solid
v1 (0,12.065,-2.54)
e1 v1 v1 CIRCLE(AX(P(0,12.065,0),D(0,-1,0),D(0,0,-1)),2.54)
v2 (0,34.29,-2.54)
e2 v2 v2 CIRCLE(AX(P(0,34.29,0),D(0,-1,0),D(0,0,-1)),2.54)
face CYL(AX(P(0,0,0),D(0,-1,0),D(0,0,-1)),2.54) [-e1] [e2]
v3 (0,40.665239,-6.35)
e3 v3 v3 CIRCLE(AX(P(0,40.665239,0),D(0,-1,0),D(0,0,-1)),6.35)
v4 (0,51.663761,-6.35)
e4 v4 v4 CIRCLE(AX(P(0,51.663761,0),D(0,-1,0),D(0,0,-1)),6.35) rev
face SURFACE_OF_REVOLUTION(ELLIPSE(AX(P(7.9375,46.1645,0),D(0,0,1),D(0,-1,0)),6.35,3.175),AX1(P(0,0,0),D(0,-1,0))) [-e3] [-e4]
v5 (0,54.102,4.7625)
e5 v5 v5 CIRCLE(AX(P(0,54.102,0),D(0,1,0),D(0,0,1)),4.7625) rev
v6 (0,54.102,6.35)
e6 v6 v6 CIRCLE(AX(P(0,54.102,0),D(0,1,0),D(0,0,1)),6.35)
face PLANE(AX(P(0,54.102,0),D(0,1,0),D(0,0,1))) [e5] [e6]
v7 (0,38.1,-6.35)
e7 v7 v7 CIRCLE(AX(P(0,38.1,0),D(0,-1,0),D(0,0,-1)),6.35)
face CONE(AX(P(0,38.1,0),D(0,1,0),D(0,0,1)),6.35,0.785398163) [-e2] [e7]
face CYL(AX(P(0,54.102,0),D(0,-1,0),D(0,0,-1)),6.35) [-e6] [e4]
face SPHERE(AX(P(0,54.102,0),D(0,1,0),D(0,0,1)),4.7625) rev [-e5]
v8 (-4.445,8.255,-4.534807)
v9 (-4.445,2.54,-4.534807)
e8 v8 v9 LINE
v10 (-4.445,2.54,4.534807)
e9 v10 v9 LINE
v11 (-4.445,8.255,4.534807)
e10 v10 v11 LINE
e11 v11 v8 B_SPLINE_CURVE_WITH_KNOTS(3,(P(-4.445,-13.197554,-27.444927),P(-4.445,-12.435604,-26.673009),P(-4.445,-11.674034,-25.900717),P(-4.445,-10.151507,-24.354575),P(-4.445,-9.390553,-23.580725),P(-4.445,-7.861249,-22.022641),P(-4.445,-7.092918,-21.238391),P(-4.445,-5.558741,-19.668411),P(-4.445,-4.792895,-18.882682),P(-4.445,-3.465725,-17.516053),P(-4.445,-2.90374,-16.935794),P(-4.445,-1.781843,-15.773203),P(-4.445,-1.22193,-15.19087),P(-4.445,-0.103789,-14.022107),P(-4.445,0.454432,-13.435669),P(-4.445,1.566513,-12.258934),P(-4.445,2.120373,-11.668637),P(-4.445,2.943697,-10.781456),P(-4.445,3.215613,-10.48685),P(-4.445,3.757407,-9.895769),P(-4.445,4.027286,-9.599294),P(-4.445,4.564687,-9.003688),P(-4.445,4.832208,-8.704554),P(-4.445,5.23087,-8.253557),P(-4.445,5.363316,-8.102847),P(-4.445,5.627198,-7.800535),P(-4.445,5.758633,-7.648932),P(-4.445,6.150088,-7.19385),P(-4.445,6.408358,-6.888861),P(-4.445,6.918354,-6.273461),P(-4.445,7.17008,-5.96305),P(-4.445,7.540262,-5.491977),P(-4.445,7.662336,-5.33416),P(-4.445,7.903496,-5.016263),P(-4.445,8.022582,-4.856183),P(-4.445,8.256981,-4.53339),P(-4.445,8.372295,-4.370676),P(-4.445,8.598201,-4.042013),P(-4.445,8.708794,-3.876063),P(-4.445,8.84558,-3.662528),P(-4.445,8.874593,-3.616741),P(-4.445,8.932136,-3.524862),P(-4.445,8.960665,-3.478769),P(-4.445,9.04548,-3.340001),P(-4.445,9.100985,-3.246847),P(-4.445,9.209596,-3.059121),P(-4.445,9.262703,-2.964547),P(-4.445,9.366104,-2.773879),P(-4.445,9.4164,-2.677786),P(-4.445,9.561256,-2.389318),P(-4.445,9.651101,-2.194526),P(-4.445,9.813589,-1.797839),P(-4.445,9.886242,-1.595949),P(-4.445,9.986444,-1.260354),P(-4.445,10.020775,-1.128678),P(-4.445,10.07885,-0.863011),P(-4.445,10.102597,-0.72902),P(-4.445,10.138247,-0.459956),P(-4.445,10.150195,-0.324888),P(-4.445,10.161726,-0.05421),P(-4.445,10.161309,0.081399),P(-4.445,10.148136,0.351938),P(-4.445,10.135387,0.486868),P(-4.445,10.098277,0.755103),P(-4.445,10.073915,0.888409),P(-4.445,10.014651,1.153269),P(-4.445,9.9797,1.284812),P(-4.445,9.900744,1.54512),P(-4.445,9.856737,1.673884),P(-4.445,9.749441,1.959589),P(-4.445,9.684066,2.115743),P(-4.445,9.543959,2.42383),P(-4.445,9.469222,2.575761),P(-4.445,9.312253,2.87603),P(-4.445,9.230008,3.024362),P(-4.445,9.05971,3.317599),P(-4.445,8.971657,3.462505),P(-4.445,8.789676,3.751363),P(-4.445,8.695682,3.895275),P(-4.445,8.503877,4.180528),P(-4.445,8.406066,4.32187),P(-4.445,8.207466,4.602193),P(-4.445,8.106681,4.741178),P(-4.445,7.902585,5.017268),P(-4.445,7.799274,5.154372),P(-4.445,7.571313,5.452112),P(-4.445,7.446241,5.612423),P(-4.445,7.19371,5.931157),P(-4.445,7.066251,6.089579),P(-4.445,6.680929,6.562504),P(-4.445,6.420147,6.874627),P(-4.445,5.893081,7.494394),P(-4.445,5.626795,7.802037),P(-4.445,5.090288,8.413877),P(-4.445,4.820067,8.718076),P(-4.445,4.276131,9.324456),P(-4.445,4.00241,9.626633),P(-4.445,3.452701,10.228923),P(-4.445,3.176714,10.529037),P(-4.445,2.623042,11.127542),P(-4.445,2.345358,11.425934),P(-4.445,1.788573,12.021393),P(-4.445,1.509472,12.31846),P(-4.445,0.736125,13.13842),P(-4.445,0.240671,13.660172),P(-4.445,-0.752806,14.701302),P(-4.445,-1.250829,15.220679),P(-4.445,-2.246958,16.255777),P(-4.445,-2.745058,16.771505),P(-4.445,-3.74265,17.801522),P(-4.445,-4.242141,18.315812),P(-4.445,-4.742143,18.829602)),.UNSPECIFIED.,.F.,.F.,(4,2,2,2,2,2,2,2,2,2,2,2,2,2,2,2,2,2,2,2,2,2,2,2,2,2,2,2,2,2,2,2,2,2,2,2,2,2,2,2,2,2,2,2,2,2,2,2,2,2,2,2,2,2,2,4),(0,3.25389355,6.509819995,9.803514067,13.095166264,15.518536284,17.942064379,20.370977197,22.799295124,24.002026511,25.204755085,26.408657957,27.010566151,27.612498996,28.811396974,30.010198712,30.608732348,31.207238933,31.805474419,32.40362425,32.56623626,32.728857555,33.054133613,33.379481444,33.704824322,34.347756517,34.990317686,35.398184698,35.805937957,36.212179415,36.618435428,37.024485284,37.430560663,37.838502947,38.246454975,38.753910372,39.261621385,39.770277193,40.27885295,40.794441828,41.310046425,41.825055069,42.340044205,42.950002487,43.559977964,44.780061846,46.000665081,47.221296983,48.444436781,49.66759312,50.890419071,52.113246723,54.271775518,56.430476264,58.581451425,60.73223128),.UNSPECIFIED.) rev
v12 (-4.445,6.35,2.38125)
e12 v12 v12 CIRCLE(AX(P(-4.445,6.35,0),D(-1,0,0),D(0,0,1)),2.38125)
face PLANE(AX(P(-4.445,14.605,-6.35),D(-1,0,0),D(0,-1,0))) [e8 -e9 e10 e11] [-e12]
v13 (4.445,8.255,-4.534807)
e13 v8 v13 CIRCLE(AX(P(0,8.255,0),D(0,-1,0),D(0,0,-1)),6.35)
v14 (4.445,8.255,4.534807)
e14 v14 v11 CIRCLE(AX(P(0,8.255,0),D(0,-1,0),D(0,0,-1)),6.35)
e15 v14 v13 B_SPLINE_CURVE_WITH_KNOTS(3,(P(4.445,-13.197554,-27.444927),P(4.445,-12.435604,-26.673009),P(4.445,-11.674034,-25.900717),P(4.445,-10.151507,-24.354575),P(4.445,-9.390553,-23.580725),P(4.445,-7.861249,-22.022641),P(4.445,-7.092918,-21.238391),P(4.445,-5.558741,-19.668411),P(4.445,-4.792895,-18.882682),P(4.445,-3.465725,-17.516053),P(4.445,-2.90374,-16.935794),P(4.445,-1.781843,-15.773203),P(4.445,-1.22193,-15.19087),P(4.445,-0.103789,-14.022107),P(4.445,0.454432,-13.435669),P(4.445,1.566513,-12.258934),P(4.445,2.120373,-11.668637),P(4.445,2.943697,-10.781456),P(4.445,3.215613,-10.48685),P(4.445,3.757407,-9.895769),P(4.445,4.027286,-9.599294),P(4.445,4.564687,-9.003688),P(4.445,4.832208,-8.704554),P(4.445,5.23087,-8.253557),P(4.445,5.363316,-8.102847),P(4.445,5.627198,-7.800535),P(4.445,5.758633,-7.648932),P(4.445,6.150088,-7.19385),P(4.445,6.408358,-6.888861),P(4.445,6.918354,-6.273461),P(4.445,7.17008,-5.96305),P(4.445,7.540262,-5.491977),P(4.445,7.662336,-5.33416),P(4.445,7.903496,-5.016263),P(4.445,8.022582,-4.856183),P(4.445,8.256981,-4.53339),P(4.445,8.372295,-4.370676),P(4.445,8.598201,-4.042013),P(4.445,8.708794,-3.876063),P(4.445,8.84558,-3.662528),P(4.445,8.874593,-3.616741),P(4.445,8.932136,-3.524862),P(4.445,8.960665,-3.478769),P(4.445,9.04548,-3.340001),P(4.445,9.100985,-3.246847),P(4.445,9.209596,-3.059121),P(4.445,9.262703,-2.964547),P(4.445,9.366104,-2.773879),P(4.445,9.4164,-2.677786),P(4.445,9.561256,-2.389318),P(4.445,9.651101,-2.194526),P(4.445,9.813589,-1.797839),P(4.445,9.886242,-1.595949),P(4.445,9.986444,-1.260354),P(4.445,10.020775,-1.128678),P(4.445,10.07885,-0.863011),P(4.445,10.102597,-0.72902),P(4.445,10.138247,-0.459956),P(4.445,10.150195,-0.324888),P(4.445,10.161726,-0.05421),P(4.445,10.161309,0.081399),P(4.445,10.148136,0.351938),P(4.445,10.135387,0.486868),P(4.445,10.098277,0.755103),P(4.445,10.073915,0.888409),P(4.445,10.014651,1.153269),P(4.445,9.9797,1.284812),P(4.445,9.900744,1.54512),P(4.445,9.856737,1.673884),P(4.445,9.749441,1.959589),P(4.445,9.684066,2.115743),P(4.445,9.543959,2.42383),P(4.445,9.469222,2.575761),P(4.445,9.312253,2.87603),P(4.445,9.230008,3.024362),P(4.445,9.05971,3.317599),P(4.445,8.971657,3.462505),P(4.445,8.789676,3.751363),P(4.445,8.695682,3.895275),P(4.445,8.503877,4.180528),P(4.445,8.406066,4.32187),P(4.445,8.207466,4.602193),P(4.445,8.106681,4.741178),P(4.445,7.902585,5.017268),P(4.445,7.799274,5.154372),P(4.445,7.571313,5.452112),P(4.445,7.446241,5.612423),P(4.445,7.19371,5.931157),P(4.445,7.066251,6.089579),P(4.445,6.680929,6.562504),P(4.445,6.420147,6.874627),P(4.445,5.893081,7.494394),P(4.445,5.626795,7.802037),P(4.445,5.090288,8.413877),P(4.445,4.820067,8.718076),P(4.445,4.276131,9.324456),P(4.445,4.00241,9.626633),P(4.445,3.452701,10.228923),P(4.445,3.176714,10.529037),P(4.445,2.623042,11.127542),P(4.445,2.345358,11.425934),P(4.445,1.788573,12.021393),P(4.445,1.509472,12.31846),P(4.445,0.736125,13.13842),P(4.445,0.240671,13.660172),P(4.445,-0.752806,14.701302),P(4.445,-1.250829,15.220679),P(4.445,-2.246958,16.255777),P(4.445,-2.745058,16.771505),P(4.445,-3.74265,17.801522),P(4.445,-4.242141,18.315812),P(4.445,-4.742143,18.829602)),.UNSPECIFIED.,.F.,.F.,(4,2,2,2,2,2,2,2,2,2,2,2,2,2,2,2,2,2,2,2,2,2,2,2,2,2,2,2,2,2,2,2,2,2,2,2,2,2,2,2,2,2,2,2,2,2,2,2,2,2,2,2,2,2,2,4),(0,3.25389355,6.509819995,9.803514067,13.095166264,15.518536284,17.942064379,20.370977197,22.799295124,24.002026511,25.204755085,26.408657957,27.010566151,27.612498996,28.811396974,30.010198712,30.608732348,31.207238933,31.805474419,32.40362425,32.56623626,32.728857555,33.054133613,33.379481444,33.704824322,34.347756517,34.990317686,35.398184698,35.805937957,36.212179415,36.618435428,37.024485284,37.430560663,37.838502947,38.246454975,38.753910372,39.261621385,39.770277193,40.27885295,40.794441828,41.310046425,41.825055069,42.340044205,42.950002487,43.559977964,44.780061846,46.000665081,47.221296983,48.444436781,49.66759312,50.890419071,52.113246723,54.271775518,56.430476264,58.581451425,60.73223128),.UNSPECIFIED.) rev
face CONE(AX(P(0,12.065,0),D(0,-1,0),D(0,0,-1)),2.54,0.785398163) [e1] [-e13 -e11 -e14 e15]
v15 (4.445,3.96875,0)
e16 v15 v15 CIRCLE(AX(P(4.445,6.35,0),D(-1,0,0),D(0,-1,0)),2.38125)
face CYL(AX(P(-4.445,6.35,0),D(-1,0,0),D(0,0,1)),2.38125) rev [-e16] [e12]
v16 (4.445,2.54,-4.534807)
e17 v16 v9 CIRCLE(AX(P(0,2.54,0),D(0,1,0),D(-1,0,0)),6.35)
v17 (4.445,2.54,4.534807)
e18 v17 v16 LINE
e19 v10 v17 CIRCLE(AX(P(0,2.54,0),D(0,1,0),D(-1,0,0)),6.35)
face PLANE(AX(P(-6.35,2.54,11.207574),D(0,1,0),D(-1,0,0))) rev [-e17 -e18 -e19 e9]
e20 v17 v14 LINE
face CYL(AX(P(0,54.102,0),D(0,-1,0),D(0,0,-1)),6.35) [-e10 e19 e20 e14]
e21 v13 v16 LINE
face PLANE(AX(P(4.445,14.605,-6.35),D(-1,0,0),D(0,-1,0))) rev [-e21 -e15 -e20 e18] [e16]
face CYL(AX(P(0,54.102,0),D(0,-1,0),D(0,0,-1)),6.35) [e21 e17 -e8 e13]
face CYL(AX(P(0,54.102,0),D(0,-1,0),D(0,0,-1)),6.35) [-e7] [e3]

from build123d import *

# Parameters (mm, degrees)
SKETCH1_R                      = 6.35
BOSS_EXTRUDE1_DEPTH            = 54.102
SKETCH3_W                      = 6.35
SKETCH3_H                      = 14.605
CUT_EXTRUDE1_DEPTH             = 55.842241056
F_3_16_0_1875_DIAMETER_HOLE1_D = 4.7625
SKETCH7_RX                     = 6.35
SKETCH7_RY                     = 3.175
CUT_EXTRUDE2_DEPTH             = 56.532701566
CUT_EXTRUDE2_DEPTH_BACK        = 56.532701566
SKETCH9_W                      = 25.4
SKETCH9_H                      = 12.7


with BuildPart() as part:
    # Sketch1 → Boss-Extrude1 (new body)
    with BuildSketch(Plane(origin=(0, 0, 0), x_dir=(1, 0, 0), z_dir=(0, 1, 0))):
        with Locations(Location((0, 0, 0), (0, 0, 270))):
            Circle(SKETCH1_R)
    extrude(amount=BOSS_EXTRUDE1_DEPTH)

    # Sketch2 → Cut-Revolve1 (revolve, cut)
    with BuildSketch(Plane.XY, mode=Mode.PRIVATE) as cut_revolve1_sk:
        Polygon((26.057124612, 38.1), (6.35, 38.1), (2.54, 34.29), (2.54, 12.065), (6.35, 8.255), (26.057124612, 8.255), align=None)
    revolve(cut_revolve1_sk.sketch.rotate(Axis((0, 0, 0), (0, 1, 0)), 90), axis=Axis((0, 0, 0), (0, 1, 0)), mode=Mode.SUBTRACT)

    # Sketch3 → Cut-Extrude1 (cut, symmetric)
    with BuildSketch(Plane.XY):
        with Locations((7.62, 7.3025)):
            Rectangle(SKETCH3_W, SKETCH3_H)
    cut_extrude1 = extrude(amount=CUT_EXTRUDE1_DEPTH, both=True, mode=Mode.SUBTRACT)

    # Mirror1: Cut-Extrude1 across plane
    add(cut_extrude1.mirror(Plane(origin=(0, 0, 0), x_dir=(0, 0, 1), z_dir=(1, 0, 0))), mode=Mode.SUBTRACT)

    # 3/16 (0.1875) Diameter Hole1 (through all)
    with Locations(Plane.ZY.offset(4.445)):
        with Locations((0, 6.35)):
            Hole(F_3_16_0_1875_DIAMETER_HOLE1_D / 2)

    # Sketch7 → Cut-Revolve2 (revolve, cut)
    with BuildSketch(Plane.XY, mode=Mode.PRIVATE) as cut_revolve2_sk:
        with Locations(Location((7.9375, 46.1645), (0, 0, -90))):
            Ellipse(SKETCH7_RX, SKETCH7_RY)
    revolve(cut_revolve2_sk.sketch.rotate(Axis((0, 0, 0), (0, 1, 0)), 90), axis=Axis((0, 0, 0), (0, 1, 0)), mode=Mode.SUBTRACT)

    # Sketch8 → Cut-Revolve3 (revolve, cut)
    with BuildSketch(Plane(origin=(0, 0, 0), x_dir=(0, 0, -1), z_dir=(1, 0, 0))):
        with BuildLine():
            Line((4.7625, 54.102), (-4.7625, 54.102))
            ThreePointArc((-4.7625, 54.102), (0, 49.3395), (4.7625, 54.102))
        make_face()
    revolve(axis=Axis((0, 54.102, -4.7625), (0, 0, 1)), mode=Mode.SUBTRACT)

    # Sketch9 → Cut-Extrude2 (cut, two sides: drawn at the far end of the back side and taken through both)
    with BuildSketch(Plane(origin=(4.445, 0, 0), x_dir=(0, 0, -1), z_dir=(1, 0, 0)).offset(-CUT_EXTRUDE2_DEPTH_BACK)):
        with Locations((1.492425813, -3.81)):
            Rectangle(SKETCH9_W, SKETCH9_H)
    extrude(amount=CUT_EXTRUDE2_DEPTH + CUT_EXTRUDE2_DEPTH_BACK, mode=Mode.SUBTRACT)


solid = part.part
